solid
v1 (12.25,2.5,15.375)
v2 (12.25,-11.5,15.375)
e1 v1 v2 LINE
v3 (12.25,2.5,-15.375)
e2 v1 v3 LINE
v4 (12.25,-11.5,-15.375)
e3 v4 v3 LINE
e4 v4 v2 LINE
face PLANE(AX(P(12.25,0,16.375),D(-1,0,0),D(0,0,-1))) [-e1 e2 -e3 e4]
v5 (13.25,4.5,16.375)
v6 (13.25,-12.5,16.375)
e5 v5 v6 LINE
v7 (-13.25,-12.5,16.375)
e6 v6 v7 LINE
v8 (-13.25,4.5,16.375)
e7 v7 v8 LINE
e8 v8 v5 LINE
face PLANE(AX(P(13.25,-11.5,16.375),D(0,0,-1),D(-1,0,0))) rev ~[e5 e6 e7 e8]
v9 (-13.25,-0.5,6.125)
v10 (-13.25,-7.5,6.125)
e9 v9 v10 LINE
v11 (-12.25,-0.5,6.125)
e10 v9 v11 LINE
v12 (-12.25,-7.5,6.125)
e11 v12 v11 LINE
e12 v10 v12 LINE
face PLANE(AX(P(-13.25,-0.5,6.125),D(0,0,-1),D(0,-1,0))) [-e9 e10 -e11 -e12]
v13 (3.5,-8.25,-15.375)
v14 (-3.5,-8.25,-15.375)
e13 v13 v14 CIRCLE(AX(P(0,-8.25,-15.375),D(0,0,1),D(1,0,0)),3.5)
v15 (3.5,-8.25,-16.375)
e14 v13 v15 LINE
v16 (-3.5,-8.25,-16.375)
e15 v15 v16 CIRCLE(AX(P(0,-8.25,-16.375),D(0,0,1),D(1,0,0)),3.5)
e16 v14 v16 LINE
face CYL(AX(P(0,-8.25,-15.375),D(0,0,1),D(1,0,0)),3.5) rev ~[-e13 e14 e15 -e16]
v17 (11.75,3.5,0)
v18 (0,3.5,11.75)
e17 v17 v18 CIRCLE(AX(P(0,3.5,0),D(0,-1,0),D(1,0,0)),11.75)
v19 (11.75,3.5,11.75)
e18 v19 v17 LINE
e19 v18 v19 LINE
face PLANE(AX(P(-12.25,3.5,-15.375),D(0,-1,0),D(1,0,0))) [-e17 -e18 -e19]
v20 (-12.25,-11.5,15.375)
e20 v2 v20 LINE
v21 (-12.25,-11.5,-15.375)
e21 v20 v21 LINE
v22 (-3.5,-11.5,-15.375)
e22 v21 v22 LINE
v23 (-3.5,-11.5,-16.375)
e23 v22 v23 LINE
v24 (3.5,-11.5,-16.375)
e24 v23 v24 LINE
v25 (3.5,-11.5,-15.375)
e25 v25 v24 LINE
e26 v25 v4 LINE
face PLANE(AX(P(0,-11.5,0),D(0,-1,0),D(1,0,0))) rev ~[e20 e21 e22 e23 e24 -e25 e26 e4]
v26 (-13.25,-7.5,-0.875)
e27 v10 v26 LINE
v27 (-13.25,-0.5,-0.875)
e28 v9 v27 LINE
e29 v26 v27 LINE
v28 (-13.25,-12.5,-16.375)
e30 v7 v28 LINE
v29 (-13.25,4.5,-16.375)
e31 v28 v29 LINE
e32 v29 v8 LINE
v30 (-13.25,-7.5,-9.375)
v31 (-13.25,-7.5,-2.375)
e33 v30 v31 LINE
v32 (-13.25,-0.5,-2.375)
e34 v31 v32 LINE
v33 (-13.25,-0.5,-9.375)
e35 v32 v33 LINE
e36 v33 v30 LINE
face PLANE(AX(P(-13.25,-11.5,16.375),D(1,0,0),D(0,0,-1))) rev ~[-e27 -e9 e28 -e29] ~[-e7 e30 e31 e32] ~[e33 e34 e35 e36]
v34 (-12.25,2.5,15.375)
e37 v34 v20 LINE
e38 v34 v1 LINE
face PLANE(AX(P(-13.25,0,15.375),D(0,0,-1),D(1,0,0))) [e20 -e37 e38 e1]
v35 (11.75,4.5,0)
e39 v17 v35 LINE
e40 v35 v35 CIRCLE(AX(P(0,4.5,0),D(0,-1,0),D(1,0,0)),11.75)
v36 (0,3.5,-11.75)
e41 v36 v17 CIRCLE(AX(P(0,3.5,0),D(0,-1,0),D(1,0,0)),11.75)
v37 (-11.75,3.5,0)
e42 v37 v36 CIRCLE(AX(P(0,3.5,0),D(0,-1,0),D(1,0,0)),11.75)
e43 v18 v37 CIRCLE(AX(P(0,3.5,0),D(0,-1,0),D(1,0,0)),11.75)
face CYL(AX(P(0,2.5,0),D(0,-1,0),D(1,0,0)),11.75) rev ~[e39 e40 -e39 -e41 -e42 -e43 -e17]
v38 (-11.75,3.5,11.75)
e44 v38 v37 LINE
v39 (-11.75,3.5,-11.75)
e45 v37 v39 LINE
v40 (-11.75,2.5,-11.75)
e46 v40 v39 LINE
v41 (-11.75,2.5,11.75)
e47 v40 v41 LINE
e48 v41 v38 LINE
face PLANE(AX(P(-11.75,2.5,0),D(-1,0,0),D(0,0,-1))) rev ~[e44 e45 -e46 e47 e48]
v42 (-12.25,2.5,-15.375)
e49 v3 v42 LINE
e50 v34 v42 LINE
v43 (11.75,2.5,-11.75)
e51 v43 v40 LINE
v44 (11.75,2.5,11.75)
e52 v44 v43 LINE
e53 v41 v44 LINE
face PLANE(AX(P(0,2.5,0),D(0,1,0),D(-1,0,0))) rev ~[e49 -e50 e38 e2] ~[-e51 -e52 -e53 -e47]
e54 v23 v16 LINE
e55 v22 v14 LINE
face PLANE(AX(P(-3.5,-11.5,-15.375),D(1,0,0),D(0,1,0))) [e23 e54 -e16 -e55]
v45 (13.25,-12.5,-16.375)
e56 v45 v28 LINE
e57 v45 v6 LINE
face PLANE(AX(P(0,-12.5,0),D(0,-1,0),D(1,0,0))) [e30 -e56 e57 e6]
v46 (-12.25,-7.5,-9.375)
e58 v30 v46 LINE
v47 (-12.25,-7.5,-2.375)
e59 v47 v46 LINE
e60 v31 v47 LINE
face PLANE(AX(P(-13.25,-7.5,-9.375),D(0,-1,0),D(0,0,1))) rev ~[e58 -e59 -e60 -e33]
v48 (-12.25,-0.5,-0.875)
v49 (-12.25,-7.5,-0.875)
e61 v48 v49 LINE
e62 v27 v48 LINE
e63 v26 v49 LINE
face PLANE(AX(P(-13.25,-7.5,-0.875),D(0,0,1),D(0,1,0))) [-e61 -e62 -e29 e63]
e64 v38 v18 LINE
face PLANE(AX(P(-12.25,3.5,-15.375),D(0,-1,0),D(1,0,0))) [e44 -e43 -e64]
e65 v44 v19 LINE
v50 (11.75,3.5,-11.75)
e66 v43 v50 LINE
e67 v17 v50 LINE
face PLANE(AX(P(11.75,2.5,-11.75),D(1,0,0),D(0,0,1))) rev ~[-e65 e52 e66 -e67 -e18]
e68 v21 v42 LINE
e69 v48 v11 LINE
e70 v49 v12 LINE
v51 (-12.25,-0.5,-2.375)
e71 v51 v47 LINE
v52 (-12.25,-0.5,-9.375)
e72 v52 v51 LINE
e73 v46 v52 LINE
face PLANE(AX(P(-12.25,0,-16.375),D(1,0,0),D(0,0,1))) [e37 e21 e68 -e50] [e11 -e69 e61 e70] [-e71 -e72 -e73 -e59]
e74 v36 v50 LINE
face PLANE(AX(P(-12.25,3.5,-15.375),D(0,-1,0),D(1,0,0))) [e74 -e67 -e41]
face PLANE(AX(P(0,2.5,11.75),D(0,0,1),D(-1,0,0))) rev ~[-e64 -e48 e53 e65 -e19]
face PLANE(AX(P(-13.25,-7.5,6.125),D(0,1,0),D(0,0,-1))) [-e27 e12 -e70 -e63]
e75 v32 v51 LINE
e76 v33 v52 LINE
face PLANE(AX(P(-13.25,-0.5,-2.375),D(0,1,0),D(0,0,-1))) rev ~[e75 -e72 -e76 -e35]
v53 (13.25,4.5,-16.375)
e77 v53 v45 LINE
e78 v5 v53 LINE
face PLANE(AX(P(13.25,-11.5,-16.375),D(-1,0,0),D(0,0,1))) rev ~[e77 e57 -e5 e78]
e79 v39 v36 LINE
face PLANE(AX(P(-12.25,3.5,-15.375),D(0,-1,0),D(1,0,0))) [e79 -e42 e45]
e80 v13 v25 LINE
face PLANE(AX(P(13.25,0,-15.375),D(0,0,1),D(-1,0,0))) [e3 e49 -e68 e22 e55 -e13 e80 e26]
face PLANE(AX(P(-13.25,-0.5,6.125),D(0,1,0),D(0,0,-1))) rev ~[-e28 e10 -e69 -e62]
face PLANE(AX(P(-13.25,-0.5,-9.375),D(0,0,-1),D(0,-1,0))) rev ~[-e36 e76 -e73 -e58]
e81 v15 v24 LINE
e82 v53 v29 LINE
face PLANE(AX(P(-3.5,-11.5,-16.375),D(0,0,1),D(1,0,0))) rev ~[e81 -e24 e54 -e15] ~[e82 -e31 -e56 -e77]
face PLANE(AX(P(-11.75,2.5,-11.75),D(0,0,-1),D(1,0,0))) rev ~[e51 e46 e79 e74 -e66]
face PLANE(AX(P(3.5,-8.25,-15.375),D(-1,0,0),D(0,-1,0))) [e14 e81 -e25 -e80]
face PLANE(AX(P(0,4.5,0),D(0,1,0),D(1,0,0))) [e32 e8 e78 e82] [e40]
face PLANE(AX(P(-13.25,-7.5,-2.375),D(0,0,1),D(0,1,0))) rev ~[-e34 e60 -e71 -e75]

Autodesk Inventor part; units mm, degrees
ref_plane "YZ Plane" through (0, 0, 0) normal (1, 0, 0) x (0, 1, 0)
ref_plane "XZ Plane" through (0, 0, 0) normal (0, 1, 0) x (-1, 0, 0)
ref_plane "XY Plane" through (0, 0, 0) normal (0, 0, 1) x (1, 0, 0)
sketch "Sketch1" plane through (0, 0, 0) normal (0, 1, 0) x (-1, 0, 0)
  line L0 (-13.25, -16.375) -> (13.25, -16.375)
  line L1 (13.25, -16.375) -> (13.25, 16.375)
  line L2 (13.25, 16.375) -> (-13.25, 16.375)
  line L3 (-13.25, 16.375) -> (-13.25, -16.375)
  line L4 (-13.25, -16.375) -> (13.25, 16.375) construction
  line L5 (13.25, -16.375) -> (-13.25, 16.375) construction
  point P0 (0, 0)
  dimension "d0" = 26.5
  dimension "d1" = 32.75
extrude "Extrusion1" add sketch "Sketch1" along normal blind 3.5 and the other way blind 11.5
shell "Shell1" thickness 1 removed faces 1 at (4.4167, -11.5, 5.4583)
sketch "Sketch2" plane through (0, 3.5, 0) normal (0, 1, 0) x (1, 0, 0)
  line L0 (13.25, 16.375) -> (-13.25, 16.375) projected
  line L1 (-13.25, 16.375) -> (-13.25, -16.375) projected
  line L2 (-13.25, -16.375) -> (13.25, -16.375) projected
  line L3 (13.25, -16.375) -> (13.25, 16.375) projected
  point P0 (0, 0)
extrude "Extrusion2" add sketch "Sketch2" along normal blind 1
sketch "Sketch3" plane through (-12.25, 2.5, -15.375) normal (0, -1, 0) x (1, 0, 0)
  line L0 (24.5, 0) -> (0, 0) projected
  line L1 (24.5, 30.75) -> (24.5, 0) projected
  line L2 (0, 30.75) -> (24.5, 30.75) projected
  line L3 (0, 0) -> (0, 30.75) projected
  line L4 (0.5, 3.625) -> (24, 3.625)
  line L5 (24, 3.625) -> (24, 27.125)
  line L6 (24, 27.125) -> (0.5, 27.125)
  line L7 (0.5, 27.125) -> (0.5, 3.625)
  circle A0 centre (12.25, 15.375) radius 11.75
  dimension "d9" = 0.5
  dimension "d10" = 0.5
  dimension "d11" = 3.625
  dimension "d12" = 3.625
  dimension "d13" = 23.5
  dimension "d14" = 23.5
extrude "Extrusion3" cut sketch "Sketch3" against normal blind 1 contours L7 A0 L4 | A0 L5 L4 | A0 | L7 L6 A0 | A0 L6 L5
extrude "Extrusion4" cut sketch "Sketch3" against normal blind 2 contours A0
sketch "Sketch4" plane through (-12.25, -11.5, -15.375) normal (0, 0, 1) x (1, 0, 0)
  line L0 (24.5, 0) -> (0, 0) projected
  line L1 (8.75, 6.5) -> (15.75, 6.5)
  line L2 (15.75, 6.5) -> (15.75, 0)
  line L3 (15.75, 0) -> (8.75, 0)
  line L4 (8.75, 0) -> (8.75, 6.5)
  line L5 (8.75, 6.5) -> (15.75, 0) construction
  line L6 (15.75, 6.5) -> (8.75, 0) construction
  circle A0 centre (12.25, 3.25) radius 3.5
  line L7 (15.75, 3.25) -> (15.75, 3.25)
  line L8 (8.75, 3.25) -> (8.75, 3.25)
  point P0 (12.25, 11.5)
  point P1 (12.25, 3.25)
  point P2 (12.25, 0)
  point P3 (12.25, 0)
  point P4 (10.951, 0)
  point P5 (13.549, 0)
  point P6 (15.75, 0)
  point P7 (15.75, 3.25)
  point P8 (8.75, 3.25)
  point P9 (8.75, 0)
  dimension "d19" = 7
  dimension "d20" = 6.5
  dimension "d21" = 7
  dimension "d22" = 3.25
  dimension "d23" = 3.25
extrude "Extrusion5" cut sketch "Sketch4" against normal blind 2 contours L0 A0 L2 | A0 L0 | L0 A0 L1 | L0 L4 A0 | L1 A0
sketch "Sketch5" plane through (-13.25, -11.5, -16.375) normal (-1, 0, 0) x (0, 0, 1)
  line L0 (0, 16) -> (32.75, 16) projected
  line L1 (30, 11) -> (3.2984, 11)
  line L2 (7, 11) -> (7, 3)
  line L3 (1, 0) -> (1, 14) projected
  line L4 (7, 4) -> (14, 4)
  line L5 (14, 4) -> (14, 11)
  line L6 (15.5, 11) -> (22.5, 11)
  line L7 (22.5, 11) -> (22.5, 4)
  line L8 (22.5, 4) -> (15.5, 4)
  line L9 (15.5, 4) -> (15.5, 11)
  point P0 (16.375, 11.5)
  dimension "d26" = 5
  dimension "d27" = 6
  dimension "d28" = 7
  dimension "d29" = 7
  dimension "d30" = 7
  dimension "d31" = 7
  dimension "d32" = 1.5
extrude "Extrusion6" cut sketch "Sketch5" against normal blind 2
sketch "Sketch6" plane through (0, -11.5, 0) normal (0, -1, 0) x (1, 0, 0)
  line L0 (3.5, -16.375) -> (13.25, -16.375) projected
  line L1 (13.25, -16.375) -> (13.25, 16.375) projected
  line L2 (13.25, 16.375) -> (-13.25, 16.375) projected
  line L3 (-13.25, 16.375) -> (-13.25, -16.375) projected
  line L4 (-13.25, -16.375) -> (-3.5, -16.375) projected
  line L5 (13.25, 16.375) -> (-13.25, 16.375)
  line L6 (-13.25, 16.375) -> (-13.25, -16.375)
  line L7 (-13.25, -16.375) -> (13.25, -16.375)
  line L8 (13.25, -16.375) -> (13.25, 16.375)
  point P0 (0, 0)
extrude "Extrusion7" add sketch "Sketch6" along normal blind 1
properties part number "carcasaXeotype_COLOR"
